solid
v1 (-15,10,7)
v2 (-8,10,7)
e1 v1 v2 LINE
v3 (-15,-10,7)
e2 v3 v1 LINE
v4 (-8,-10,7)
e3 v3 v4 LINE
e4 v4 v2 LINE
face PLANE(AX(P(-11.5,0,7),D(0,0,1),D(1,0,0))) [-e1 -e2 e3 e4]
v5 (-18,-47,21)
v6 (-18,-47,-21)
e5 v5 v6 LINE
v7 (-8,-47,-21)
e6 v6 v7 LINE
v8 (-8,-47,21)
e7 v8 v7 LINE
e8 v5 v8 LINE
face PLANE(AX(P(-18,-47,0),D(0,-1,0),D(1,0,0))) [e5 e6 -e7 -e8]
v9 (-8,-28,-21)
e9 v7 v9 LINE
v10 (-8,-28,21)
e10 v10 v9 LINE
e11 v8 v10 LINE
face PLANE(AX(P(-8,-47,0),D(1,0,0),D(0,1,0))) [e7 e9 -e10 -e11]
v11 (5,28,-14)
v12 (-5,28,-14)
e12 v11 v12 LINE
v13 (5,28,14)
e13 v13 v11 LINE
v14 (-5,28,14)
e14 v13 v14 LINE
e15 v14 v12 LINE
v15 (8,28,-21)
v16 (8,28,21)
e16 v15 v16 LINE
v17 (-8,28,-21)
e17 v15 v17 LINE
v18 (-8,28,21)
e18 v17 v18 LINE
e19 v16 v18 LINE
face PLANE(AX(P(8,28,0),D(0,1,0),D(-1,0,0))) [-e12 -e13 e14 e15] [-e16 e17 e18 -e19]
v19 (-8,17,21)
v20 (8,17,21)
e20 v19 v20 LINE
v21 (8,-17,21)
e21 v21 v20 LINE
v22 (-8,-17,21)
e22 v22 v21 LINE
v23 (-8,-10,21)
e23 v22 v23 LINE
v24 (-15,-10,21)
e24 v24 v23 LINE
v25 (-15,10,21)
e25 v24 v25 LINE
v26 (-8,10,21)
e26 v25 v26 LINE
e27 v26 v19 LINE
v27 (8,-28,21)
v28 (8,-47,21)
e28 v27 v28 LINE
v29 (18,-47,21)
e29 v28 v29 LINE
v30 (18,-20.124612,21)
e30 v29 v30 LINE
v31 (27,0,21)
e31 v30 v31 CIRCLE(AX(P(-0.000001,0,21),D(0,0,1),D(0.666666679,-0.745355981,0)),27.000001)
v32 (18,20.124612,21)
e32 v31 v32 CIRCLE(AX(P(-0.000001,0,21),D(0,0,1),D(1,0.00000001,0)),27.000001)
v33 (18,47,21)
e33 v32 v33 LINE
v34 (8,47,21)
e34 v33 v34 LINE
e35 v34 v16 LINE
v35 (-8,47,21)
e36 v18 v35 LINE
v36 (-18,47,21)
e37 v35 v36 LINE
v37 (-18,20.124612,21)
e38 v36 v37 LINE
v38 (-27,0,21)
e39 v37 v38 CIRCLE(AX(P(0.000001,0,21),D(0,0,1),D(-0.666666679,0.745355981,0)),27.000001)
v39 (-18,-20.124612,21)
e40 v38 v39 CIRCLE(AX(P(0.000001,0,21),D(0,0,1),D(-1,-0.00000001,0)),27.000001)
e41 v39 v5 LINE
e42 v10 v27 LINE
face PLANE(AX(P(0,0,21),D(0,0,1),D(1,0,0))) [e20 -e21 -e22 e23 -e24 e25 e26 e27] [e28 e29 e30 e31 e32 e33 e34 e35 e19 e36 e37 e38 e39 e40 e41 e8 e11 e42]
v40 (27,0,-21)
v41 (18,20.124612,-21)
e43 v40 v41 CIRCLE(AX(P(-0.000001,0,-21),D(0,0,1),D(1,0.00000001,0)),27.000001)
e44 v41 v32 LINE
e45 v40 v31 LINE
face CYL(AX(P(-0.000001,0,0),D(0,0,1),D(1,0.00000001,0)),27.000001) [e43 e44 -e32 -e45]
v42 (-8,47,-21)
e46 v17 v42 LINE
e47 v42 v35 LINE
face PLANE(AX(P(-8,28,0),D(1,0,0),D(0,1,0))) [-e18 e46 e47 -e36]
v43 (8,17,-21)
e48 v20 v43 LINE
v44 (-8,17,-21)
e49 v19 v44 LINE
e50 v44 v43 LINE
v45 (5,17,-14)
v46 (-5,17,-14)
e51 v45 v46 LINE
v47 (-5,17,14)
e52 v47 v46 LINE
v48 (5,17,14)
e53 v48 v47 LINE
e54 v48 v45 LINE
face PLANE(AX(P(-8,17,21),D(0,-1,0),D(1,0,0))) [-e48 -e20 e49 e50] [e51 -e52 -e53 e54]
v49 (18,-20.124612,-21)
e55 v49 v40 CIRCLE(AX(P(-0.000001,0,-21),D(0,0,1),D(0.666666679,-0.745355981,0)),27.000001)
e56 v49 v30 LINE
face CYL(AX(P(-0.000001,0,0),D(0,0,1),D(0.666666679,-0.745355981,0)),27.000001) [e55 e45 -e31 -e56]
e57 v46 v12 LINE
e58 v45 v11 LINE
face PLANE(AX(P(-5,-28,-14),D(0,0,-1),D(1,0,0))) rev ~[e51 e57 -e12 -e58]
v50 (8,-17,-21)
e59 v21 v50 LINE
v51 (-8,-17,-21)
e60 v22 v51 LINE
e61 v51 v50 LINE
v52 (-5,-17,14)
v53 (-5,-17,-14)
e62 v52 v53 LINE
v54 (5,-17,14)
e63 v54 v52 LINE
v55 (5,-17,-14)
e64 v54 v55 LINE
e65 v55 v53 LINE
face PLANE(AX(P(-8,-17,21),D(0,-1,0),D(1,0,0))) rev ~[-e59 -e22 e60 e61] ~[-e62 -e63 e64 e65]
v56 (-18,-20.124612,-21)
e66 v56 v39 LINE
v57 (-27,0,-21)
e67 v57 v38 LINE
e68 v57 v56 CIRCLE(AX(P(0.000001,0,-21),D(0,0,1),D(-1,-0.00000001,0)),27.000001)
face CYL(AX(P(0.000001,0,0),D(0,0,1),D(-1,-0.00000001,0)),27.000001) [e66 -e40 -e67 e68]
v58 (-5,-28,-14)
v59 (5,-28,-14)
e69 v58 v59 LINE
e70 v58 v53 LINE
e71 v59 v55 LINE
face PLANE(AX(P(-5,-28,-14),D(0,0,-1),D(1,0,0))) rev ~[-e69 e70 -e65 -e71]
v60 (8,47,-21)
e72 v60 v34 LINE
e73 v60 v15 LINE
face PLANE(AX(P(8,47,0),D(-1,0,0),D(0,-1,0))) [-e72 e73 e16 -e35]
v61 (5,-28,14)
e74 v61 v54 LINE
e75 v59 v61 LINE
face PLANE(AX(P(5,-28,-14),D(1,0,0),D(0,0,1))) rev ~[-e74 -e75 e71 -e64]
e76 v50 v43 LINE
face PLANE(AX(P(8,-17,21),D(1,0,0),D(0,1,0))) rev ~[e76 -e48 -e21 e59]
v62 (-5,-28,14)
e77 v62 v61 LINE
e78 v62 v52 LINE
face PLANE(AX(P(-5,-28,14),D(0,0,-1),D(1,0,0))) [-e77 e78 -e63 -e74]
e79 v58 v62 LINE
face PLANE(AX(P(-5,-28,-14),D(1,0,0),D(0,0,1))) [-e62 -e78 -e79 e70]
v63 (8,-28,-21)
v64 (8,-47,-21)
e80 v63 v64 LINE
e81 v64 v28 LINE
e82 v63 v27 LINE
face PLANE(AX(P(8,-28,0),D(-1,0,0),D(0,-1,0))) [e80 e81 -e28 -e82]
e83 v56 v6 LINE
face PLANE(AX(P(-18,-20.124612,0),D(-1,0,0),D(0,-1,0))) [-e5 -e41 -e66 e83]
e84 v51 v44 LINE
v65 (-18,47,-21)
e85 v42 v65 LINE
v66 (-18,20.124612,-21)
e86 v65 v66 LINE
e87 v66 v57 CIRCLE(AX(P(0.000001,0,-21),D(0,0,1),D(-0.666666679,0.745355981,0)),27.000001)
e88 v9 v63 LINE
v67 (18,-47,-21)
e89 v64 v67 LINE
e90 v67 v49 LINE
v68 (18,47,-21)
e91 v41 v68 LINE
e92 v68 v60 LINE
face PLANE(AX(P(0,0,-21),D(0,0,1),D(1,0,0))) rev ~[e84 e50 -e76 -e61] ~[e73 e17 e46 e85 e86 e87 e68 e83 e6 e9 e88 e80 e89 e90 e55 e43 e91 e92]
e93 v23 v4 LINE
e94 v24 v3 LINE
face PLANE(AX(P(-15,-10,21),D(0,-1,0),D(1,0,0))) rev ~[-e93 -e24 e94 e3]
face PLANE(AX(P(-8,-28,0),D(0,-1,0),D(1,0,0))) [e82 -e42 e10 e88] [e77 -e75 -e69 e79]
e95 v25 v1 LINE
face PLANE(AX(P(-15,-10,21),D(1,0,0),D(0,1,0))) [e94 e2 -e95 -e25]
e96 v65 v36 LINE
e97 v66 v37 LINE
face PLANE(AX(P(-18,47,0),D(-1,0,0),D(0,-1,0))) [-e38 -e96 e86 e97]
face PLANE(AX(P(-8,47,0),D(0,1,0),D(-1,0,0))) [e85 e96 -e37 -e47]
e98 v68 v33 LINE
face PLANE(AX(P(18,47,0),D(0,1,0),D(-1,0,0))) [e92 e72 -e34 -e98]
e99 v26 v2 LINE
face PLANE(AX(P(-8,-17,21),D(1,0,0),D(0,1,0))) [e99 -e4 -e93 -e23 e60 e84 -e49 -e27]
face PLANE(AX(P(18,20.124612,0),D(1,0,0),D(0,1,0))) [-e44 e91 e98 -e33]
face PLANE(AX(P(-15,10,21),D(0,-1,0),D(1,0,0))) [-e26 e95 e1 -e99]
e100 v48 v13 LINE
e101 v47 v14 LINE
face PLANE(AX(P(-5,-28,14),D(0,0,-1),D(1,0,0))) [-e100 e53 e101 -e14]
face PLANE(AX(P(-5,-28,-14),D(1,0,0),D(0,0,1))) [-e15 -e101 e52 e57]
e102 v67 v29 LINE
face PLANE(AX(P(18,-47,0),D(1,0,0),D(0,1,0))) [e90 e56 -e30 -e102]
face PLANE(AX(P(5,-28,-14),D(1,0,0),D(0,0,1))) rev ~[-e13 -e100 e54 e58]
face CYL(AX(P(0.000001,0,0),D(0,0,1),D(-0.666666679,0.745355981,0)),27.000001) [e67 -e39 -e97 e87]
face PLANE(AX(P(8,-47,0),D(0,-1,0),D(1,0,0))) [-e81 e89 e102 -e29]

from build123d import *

# Parameters (mm, degrees)
F1_DEPTH = 21
F2_W     = 10
F2_H     = 28
F3_DEPTH = 75.001
F4_W     = 16
F4_H     = 34
F5_DEPTH = 42.001
F6_W     = 7
F6_H     = 20
F7_DEPTH = 14


with BuildPart() as f1:
    # F0 (on Top) → F1 (new body, symmetric)
    with BuildSketch(Plane.XY):
        with BuildLine():
            Line((-8, -28), (0, -28))
            Line((0, -28), (8, -28))
            Line((8, -28), (8, -47))
            Line((8, -47), (18, -47))
            Line((18, -47), (18, -20.124612))
            ThreePointArc((18, -20.124612), (24.647515, -11.022704), (27, 0))
            ThreePointArc((27, 0), (24.647515, 11.022704), (18, 20.124612))
            Line((18, 20.124612), (18, 47))
            Line((18, 47), (8, 47))
            Line((8, 47), (8, 28))
            Line((8, 28), (0, 28))
            Line((0, 28), (-8, 28))
            Line((-8, 28), (-8, 47))
            Line((-8, 47), (-18, 47))
            Line((-18, 47), (-18, 20.124612))
            ThreePointArc((-18, 20.124612), (-24.647515, 11.022704), (-27, 0))
            ThreePointArc((-27, 0), (-24.647515, -11.022704), (-18, -20.124612))
            Line((-18, -20.124612), (-18, -47))
            Line((-18, -47), (-8, -47))
            Line((-8, -47), (-8, -28))
        make_face()
    extrude(amount=F1_DEPTH, both=True)

    # F2 (on face) → F3 (cut, through all)
    with BuildSketch(Plane.XZ.offset(28)):
        Rectangle(F2_W, F2_H)
    extrude(amount=-F3_DEPTH, mode=Mode.SUBTRACT)

    # F4 (on face) → F5 (cut, through all)
    with BuildSketch(Plane.XY.offset(21)):
        Rectangle(F4_W, F4_H)
    extrude(amount=-F5_DEPTH, mode=Mode.SUBTRACT)

    # F6 (on face) → F7 (cut)
    with BuildSketch(Plane.XY.offset(21)):
        with Locations((-11.5, 0)):
            Rectangle(F6_W, F6_H)
    extrude(amount=-F7_DEPTH, mode=Mode.SUBTRACT)


solid = f1.part
